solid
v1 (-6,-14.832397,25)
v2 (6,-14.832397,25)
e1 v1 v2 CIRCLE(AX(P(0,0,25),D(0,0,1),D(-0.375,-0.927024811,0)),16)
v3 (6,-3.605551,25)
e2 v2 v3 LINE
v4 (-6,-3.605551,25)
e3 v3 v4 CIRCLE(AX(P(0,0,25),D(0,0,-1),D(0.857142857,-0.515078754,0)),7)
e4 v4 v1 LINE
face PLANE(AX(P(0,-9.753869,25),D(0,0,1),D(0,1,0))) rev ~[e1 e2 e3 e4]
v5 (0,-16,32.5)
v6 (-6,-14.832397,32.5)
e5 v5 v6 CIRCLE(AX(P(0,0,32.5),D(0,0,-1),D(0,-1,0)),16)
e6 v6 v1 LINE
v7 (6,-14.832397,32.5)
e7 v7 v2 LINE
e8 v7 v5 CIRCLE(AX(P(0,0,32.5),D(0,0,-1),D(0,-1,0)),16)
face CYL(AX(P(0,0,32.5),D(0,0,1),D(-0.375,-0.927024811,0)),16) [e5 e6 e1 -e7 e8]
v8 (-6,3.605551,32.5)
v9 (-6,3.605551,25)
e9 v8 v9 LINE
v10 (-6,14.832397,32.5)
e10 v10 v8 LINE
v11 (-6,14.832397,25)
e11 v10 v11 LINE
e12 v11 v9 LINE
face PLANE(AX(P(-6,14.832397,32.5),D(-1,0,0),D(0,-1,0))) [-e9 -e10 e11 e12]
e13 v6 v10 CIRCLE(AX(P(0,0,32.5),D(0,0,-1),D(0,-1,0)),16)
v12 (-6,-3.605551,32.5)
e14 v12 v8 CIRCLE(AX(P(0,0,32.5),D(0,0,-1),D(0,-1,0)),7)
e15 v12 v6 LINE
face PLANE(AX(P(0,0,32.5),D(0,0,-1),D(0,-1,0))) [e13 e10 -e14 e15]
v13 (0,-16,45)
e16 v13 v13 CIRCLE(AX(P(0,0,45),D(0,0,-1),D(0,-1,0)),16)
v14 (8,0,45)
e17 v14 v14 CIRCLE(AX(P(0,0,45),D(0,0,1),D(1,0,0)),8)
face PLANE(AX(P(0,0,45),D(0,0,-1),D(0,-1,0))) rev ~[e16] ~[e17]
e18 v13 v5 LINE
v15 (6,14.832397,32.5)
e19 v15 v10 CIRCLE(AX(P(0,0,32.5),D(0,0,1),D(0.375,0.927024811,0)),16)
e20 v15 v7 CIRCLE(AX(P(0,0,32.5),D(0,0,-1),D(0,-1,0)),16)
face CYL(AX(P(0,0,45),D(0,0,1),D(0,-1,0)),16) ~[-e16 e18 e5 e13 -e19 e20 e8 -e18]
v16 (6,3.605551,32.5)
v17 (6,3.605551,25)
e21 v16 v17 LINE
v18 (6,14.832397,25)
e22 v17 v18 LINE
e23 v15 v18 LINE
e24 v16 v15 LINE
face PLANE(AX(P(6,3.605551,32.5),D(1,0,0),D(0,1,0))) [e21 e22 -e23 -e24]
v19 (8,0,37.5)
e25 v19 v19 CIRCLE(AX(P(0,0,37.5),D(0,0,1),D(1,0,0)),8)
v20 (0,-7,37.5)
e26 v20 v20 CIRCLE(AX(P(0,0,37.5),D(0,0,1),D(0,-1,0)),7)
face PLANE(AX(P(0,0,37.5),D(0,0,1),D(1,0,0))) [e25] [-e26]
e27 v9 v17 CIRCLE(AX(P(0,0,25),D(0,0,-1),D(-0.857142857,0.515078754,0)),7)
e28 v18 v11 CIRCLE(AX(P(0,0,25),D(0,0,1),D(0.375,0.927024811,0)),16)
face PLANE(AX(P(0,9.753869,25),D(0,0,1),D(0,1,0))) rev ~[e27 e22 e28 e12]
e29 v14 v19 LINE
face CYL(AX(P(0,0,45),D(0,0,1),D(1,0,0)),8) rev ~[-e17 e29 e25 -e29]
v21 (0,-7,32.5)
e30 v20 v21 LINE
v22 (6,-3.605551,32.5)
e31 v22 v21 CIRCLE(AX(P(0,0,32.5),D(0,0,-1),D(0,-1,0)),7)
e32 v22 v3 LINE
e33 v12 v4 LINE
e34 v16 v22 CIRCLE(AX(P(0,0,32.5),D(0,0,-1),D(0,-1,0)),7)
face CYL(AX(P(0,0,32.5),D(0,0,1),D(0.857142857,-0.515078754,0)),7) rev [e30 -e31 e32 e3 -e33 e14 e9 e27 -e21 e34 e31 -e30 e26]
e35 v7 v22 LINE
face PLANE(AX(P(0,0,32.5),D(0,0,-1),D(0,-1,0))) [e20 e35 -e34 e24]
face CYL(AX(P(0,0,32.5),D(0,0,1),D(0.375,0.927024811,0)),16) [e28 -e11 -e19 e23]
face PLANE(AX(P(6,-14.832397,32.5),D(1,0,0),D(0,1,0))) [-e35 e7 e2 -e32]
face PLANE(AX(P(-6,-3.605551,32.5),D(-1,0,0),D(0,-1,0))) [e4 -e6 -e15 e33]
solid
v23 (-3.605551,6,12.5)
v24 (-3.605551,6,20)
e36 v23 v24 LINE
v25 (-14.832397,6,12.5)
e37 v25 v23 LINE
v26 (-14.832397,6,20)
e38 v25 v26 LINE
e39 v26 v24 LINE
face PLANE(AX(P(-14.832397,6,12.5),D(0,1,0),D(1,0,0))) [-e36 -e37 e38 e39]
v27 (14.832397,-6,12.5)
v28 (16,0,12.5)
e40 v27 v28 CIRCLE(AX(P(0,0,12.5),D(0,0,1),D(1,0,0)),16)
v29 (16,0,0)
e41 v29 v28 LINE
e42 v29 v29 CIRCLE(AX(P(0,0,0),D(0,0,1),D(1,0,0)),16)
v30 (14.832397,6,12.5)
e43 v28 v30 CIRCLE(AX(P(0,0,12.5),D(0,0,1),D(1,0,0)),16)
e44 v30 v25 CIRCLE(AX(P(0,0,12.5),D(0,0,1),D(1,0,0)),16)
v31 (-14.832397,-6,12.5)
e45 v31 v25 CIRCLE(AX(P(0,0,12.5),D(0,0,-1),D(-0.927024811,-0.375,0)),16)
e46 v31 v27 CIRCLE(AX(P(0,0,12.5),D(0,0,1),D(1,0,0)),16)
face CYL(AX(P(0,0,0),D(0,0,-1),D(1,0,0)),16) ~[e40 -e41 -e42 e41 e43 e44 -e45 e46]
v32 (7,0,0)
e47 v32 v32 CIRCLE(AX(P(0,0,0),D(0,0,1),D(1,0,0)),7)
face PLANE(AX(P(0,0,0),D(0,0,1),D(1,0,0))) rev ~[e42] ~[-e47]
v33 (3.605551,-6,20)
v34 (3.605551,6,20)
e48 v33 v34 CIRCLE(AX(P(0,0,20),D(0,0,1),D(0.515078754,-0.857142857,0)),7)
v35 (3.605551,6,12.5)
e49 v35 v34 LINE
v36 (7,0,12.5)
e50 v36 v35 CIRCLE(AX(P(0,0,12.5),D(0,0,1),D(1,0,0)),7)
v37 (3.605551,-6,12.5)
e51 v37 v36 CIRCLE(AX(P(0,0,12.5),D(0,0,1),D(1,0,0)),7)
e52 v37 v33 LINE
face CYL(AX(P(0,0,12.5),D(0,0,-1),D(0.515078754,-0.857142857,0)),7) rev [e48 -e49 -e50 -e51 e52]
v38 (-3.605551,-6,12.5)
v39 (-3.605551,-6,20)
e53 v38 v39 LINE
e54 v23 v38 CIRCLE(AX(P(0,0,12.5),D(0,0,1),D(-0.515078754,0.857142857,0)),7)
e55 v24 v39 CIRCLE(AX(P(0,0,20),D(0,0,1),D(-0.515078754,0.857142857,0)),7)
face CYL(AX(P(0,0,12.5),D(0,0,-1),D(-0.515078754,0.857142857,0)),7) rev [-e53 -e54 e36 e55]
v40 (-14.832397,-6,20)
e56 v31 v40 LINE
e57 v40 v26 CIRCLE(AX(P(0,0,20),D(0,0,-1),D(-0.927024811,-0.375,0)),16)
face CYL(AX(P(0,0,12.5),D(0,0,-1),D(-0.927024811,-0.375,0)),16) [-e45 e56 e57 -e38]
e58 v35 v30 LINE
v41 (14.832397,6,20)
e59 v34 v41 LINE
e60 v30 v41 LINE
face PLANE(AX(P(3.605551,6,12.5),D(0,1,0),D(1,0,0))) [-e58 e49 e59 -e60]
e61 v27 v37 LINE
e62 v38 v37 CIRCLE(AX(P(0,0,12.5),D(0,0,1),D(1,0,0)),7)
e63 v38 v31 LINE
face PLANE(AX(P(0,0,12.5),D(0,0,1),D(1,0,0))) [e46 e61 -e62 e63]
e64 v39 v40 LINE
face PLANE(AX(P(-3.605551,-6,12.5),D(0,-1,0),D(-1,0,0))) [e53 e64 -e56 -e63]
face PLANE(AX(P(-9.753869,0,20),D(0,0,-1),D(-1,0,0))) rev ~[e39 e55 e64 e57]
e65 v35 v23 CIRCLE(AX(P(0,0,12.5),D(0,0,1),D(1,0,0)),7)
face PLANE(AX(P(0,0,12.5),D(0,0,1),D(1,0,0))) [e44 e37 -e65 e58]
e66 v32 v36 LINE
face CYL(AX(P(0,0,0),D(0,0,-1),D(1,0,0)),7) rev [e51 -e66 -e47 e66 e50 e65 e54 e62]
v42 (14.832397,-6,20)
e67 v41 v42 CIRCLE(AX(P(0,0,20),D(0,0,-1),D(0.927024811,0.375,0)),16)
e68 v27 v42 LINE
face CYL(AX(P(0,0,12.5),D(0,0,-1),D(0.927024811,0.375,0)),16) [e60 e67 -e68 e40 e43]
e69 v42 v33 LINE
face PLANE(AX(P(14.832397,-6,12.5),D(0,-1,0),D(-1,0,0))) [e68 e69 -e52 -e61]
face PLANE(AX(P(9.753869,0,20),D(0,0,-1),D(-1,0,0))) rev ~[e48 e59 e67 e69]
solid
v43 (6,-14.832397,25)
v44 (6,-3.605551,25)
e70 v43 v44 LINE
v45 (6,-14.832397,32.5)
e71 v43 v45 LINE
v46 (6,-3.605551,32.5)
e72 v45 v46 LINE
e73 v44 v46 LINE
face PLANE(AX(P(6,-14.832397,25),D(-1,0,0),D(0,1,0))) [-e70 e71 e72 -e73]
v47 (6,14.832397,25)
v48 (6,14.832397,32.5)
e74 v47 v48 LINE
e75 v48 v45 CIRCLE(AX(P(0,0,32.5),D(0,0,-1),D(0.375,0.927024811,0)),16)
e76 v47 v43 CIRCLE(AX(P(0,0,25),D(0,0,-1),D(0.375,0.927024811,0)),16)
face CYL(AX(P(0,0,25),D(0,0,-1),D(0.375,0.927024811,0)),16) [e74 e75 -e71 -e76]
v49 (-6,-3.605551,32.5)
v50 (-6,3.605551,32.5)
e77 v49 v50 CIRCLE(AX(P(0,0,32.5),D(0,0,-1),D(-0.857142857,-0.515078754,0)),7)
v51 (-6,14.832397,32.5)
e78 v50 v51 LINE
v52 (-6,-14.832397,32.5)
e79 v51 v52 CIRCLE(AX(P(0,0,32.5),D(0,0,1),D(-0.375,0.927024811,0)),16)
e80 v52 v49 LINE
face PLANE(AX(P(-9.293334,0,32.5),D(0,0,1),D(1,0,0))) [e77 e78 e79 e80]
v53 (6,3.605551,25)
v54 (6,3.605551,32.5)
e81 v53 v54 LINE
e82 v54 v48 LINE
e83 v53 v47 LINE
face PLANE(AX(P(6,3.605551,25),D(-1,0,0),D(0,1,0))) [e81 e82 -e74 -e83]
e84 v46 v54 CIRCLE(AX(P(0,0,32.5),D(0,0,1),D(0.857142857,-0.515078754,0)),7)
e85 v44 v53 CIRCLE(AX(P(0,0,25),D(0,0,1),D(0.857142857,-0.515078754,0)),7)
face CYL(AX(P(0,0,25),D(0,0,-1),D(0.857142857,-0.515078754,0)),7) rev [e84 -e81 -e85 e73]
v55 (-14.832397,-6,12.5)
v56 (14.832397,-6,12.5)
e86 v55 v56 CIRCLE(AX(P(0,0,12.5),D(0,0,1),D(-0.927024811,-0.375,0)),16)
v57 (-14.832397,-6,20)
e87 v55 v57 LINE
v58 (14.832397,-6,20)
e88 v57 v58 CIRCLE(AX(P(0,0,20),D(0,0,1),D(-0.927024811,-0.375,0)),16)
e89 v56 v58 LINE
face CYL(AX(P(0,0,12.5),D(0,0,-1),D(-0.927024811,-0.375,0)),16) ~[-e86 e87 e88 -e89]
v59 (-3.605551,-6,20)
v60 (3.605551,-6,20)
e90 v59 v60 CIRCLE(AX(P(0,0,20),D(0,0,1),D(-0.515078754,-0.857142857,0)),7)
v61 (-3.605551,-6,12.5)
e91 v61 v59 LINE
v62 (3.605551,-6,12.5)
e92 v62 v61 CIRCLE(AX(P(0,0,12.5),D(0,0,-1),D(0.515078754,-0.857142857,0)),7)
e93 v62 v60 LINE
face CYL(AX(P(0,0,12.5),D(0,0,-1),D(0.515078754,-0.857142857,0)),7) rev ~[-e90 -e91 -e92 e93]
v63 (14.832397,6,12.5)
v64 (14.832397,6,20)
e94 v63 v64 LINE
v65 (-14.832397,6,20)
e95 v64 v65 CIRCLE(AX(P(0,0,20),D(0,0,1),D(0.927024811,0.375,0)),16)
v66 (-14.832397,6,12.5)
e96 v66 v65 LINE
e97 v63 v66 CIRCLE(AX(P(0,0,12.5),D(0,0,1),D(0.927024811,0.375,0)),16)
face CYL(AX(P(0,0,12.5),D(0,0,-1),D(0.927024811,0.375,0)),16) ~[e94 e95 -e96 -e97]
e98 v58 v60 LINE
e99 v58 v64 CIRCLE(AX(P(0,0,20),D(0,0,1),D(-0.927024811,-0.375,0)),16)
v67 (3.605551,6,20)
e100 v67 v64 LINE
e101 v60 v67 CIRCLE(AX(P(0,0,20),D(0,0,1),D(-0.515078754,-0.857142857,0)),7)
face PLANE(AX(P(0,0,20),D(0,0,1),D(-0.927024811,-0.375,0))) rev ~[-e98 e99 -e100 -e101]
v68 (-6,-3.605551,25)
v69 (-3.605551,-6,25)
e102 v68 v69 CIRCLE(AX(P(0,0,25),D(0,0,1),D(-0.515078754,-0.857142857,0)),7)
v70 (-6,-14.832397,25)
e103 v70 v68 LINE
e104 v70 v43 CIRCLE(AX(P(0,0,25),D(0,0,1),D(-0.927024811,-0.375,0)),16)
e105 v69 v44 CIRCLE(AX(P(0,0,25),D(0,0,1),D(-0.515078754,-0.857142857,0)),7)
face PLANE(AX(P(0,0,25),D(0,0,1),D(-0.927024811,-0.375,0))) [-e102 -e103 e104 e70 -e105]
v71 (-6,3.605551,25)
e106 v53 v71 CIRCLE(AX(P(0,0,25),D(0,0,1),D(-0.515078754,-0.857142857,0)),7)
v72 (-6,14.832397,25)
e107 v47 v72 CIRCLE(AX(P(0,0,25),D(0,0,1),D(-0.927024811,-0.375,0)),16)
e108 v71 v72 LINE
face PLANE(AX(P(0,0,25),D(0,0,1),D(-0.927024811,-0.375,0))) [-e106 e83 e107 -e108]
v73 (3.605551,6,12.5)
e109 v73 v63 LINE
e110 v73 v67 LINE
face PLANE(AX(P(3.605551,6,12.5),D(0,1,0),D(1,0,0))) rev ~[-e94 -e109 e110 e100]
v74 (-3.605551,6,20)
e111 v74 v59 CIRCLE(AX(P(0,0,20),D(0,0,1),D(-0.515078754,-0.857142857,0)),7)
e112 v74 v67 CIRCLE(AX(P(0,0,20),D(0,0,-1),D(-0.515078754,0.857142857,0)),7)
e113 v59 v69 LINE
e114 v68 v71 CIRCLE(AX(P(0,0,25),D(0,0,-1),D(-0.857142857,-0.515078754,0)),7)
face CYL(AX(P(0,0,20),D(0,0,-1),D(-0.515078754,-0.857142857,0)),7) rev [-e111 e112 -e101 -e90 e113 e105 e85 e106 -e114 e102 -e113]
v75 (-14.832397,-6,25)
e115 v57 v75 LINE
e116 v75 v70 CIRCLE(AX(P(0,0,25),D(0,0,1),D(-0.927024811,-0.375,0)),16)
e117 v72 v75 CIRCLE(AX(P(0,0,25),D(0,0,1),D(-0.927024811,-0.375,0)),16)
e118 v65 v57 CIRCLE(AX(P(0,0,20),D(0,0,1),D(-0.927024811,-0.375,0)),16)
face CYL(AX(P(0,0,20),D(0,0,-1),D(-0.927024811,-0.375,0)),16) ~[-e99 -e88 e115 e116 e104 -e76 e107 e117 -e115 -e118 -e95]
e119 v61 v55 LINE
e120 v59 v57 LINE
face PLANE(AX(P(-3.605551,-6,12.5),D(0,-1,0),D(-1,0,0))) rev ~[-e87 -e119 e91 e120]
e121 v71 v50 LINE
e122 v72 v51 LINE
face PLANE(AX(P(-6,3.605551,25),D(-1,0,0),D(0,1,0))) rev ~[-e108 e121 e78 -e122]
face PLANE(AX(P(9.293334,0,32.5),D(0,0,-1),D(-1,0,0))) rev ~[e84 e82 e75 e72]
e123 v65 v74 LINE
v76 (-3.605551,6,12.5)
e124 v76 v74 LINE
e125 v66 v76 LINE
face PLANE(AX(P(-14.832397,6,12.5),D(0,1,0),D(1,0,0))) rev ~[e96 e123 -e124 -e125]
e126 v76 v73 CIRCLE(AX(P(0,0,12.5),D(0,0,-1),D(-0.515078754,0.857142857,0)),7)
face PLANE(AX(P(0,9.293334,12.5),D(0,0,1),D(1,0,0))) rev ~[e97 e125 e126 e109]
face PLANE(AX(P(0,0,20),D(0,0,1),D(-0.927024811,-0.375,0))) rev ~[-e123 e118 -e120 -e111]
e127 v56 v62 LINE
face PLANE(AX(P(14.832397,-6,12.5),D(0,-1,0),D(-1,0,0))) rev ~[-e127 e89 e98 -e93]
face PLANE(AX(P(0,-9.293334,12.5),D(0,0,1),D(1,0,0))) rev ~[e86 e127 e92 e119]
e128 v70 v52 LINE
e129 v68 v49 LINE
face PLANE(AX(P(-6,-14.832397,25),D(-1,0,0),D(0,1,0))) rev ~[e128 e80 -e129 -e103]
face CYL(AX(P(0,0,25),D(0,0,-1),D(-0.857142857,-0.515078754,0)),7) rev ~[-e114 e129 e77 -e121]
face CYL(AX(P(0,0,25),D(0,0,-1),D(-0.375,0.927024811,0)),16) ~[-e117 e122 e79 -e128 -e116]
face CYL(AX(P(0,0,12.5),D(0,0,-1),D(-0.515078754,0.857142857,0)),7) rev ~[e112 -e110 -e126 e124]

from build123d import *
from build123d.topology import SkipClean

# Parameters (mm, degrees)
CROQUIS2_R                 = 16
CROQUIS2_R_2               = 7
SALIENTE_EXTRUIR1_DEPTH    = 12.5
SALIENTE_EXTRUIR2_DEPTH    = 7.5
SALIENTE_EXTRUIR3_DEPTH    = 7.5
SALIENTE_EXTRUIR3_2_DEPTH  = 7.5
CROQUIS5_R                 = 16
CROQUIS5_R_2               = 7
SALIENTE_EXTRUIR5_DEPTH    = 5
SALIENTE_EXTRUIR7_DEPTH    = 7.5
S_LIDO_MOVER_COPIAR8_ANGLE = 180
S_LIDO_MOVER_COPIAR9_ANGLE = 90
CROQUIS7_R                 = 8
CORTAR_EXTRUIR1_DEPTH      = 7.5


with BuildPart() as part:
    # Croquis2 → Saliente-Extruir1 (new body)
    with BuildSketch(Plane.XY):
        Circle(CROQUIS2_R)
        Circle(CROQUIS2_R_2, mode=Mode.SUBTRACT)
    extrude(amount=SALIENTE_EXTRUIR1_DEPTH)

    # Croquis3 → Saliente-Extruir2 (add)
    with SkipClean():  # the faces are left unmerged after this step: merging them gives an invalid solid
        with BuildSketch(Plane.XY.offset(12.5)):
            with BuildLine():
                Line((-14.832396974, 6), (-3.605551275, 6))
                ThreePointArc((-3.605551275, 6), (-7, 0), (-3.605551275, -6))
                Line((-3.605551275, -6), (-14.832396974, -6))
                ThreePointArc((-14.832396974, -6), (-16, 0), (-14.832396974, 6))
            make_face()
            with BuildLine():
                Line((3.605551275, 6), (14.832396974, 6))
                ThreePointArc((14.832396974, 6), (16, 0), (14.832396974, -6))
                Line((14.832396974, -6), (3.605551275, -6))
                ThreePointArc((3.605551275, -6), (7, 0), (3.605551275, 6))
            make_face()
        extrude(amount=SALIENTE_EXTRUIR2_DEPTH)


with BuildPart() as body_2:
    # Croquis4 → Saliente-Extruir3 (new body)
    with BuildSketch(Plane.XY.offset(12.5)):
        with BuildLine():
            Line((-14.832396974, 6), (-3.605551275, 6))
            ThreePointArc((-3.605551275, 6), (0, 7), (3.605551275, 6))
            Line((3.605551275, 6), (14.832396974, 6))
            ThreePointArc((14.832396974, 6), (0, 16), (-14.832396974, 6))
        make_face()
    extrude(amount=SALIENTE_EXTRUIR3_DEPTH)


with BuildPart() as body_3:
    # Croquis4 → Saliente-Extruir3 2 (new body)
    with BuildSketch(Plane.XY.offset(12.5)):
        with BuildLine():
            Line((14.832396974, -6), (3.605551275, -6))
            ThreePointArc((3.605551275, -6), (0, -7), (-3.605551275, -6))
            Line((-3.605551275, -6), (-14.832396974, -6))
            ThreePointArc((-14.832396974, -6), (0, -16), (14.832396974, -6))
        make_face()
    extrude(amount=SALIENTE_EXTRUIR3_2_DEPTH)


with BuildPart() as body_4:
    # Croquis5 → Saliente-Extruir5 (new body)
    with BuildSketch(Plane.XY.offset(20)):
        Circle(CROQUIS5_R)
        Circle(CROQUIS5_R_2, mode=Mode.SUBTRACT)
    extrude(amount=SALIENTE_EXTRUIR5_DEPTH)


with BuildPart() as body_2_1:
    add(body_2.part)

    # Combinar1: union body 4, body 3
    add(body_4.part)
    add(body_3.part)

    # Croquis6 → Saliente-Extruir7 (add)
    with SkipClean():  # the faces are left unmerged after this step: merging them gives an invalid solid
        with BuildSketch(Plane.XY.offset(25)):
            with BuildLine():
                Line((-6, -14.832396974), (-6, -3.605551275))
                ThreePointArc((-6, -3.605551275), (-7, 0), (-6, 3.605551275))
                Line((-6, 3.605551275), (-6, 14.832396974))
                ThreePointArc((-6, 14.832396974), (-16, 0), (-6, -14.832396974))
            make_face()
            with BuildLine():
                Line((6, -14.832396974), (6, -3.605551275))
                ThreePointArc((6, -3.605551275), (7, 0), (6, 3.605551275))
                Line((6, 3.605551275), (6, 14.832396974))
                ThreePointArc((6, 14.832396974), (16, 0), (6, -14.832396974))
            make_face()
        extrude(amount=SALIENTE_EXTRUIR7_DEPTH)


with BuildPart() as body_3_2:
    # Sólido-Mover/Copiar6: copy of part
    add(part.part.moved(Location((0, 0, 32.5))))


with BuildPart() as body_3_2_1:
    # Sólido-Mover/Copiar8: moved
    add(body_3_2.part.rotate(Axis((0, 0, 42.5), (0, 1, 0)), S_LIDO_MOVER_COPIAR8_ANGLE))


with BuildPart() as body_3_2_2:
    # Sólido-Mover/Copiar9: moved
    add(body_3_2_1.part.rotate(Axis((0, 0, 0), (0, 0, 1)), S_LIDO_MOVER_COPIAR9_ANGLE))


with BuildPart() as body_3_2_3:
    # Sólido-Mover/Copiar10: moved
    add(body_3_2_2.part.moved(Location((0, 0, -7.5))))

    # Croquis7 → Cortar-Extruir1 (cut)
    with BuildSketch(Plane.XY.offset(45)):
        Circle(CROQUIS7_R)
    extrude(amount=-CORTAR_EXTRUIR1_DEPTH, mode=Mode.SUBTRACT)


solid = Compound([part.part, body_2_1.part, body_3_2_3.part])
